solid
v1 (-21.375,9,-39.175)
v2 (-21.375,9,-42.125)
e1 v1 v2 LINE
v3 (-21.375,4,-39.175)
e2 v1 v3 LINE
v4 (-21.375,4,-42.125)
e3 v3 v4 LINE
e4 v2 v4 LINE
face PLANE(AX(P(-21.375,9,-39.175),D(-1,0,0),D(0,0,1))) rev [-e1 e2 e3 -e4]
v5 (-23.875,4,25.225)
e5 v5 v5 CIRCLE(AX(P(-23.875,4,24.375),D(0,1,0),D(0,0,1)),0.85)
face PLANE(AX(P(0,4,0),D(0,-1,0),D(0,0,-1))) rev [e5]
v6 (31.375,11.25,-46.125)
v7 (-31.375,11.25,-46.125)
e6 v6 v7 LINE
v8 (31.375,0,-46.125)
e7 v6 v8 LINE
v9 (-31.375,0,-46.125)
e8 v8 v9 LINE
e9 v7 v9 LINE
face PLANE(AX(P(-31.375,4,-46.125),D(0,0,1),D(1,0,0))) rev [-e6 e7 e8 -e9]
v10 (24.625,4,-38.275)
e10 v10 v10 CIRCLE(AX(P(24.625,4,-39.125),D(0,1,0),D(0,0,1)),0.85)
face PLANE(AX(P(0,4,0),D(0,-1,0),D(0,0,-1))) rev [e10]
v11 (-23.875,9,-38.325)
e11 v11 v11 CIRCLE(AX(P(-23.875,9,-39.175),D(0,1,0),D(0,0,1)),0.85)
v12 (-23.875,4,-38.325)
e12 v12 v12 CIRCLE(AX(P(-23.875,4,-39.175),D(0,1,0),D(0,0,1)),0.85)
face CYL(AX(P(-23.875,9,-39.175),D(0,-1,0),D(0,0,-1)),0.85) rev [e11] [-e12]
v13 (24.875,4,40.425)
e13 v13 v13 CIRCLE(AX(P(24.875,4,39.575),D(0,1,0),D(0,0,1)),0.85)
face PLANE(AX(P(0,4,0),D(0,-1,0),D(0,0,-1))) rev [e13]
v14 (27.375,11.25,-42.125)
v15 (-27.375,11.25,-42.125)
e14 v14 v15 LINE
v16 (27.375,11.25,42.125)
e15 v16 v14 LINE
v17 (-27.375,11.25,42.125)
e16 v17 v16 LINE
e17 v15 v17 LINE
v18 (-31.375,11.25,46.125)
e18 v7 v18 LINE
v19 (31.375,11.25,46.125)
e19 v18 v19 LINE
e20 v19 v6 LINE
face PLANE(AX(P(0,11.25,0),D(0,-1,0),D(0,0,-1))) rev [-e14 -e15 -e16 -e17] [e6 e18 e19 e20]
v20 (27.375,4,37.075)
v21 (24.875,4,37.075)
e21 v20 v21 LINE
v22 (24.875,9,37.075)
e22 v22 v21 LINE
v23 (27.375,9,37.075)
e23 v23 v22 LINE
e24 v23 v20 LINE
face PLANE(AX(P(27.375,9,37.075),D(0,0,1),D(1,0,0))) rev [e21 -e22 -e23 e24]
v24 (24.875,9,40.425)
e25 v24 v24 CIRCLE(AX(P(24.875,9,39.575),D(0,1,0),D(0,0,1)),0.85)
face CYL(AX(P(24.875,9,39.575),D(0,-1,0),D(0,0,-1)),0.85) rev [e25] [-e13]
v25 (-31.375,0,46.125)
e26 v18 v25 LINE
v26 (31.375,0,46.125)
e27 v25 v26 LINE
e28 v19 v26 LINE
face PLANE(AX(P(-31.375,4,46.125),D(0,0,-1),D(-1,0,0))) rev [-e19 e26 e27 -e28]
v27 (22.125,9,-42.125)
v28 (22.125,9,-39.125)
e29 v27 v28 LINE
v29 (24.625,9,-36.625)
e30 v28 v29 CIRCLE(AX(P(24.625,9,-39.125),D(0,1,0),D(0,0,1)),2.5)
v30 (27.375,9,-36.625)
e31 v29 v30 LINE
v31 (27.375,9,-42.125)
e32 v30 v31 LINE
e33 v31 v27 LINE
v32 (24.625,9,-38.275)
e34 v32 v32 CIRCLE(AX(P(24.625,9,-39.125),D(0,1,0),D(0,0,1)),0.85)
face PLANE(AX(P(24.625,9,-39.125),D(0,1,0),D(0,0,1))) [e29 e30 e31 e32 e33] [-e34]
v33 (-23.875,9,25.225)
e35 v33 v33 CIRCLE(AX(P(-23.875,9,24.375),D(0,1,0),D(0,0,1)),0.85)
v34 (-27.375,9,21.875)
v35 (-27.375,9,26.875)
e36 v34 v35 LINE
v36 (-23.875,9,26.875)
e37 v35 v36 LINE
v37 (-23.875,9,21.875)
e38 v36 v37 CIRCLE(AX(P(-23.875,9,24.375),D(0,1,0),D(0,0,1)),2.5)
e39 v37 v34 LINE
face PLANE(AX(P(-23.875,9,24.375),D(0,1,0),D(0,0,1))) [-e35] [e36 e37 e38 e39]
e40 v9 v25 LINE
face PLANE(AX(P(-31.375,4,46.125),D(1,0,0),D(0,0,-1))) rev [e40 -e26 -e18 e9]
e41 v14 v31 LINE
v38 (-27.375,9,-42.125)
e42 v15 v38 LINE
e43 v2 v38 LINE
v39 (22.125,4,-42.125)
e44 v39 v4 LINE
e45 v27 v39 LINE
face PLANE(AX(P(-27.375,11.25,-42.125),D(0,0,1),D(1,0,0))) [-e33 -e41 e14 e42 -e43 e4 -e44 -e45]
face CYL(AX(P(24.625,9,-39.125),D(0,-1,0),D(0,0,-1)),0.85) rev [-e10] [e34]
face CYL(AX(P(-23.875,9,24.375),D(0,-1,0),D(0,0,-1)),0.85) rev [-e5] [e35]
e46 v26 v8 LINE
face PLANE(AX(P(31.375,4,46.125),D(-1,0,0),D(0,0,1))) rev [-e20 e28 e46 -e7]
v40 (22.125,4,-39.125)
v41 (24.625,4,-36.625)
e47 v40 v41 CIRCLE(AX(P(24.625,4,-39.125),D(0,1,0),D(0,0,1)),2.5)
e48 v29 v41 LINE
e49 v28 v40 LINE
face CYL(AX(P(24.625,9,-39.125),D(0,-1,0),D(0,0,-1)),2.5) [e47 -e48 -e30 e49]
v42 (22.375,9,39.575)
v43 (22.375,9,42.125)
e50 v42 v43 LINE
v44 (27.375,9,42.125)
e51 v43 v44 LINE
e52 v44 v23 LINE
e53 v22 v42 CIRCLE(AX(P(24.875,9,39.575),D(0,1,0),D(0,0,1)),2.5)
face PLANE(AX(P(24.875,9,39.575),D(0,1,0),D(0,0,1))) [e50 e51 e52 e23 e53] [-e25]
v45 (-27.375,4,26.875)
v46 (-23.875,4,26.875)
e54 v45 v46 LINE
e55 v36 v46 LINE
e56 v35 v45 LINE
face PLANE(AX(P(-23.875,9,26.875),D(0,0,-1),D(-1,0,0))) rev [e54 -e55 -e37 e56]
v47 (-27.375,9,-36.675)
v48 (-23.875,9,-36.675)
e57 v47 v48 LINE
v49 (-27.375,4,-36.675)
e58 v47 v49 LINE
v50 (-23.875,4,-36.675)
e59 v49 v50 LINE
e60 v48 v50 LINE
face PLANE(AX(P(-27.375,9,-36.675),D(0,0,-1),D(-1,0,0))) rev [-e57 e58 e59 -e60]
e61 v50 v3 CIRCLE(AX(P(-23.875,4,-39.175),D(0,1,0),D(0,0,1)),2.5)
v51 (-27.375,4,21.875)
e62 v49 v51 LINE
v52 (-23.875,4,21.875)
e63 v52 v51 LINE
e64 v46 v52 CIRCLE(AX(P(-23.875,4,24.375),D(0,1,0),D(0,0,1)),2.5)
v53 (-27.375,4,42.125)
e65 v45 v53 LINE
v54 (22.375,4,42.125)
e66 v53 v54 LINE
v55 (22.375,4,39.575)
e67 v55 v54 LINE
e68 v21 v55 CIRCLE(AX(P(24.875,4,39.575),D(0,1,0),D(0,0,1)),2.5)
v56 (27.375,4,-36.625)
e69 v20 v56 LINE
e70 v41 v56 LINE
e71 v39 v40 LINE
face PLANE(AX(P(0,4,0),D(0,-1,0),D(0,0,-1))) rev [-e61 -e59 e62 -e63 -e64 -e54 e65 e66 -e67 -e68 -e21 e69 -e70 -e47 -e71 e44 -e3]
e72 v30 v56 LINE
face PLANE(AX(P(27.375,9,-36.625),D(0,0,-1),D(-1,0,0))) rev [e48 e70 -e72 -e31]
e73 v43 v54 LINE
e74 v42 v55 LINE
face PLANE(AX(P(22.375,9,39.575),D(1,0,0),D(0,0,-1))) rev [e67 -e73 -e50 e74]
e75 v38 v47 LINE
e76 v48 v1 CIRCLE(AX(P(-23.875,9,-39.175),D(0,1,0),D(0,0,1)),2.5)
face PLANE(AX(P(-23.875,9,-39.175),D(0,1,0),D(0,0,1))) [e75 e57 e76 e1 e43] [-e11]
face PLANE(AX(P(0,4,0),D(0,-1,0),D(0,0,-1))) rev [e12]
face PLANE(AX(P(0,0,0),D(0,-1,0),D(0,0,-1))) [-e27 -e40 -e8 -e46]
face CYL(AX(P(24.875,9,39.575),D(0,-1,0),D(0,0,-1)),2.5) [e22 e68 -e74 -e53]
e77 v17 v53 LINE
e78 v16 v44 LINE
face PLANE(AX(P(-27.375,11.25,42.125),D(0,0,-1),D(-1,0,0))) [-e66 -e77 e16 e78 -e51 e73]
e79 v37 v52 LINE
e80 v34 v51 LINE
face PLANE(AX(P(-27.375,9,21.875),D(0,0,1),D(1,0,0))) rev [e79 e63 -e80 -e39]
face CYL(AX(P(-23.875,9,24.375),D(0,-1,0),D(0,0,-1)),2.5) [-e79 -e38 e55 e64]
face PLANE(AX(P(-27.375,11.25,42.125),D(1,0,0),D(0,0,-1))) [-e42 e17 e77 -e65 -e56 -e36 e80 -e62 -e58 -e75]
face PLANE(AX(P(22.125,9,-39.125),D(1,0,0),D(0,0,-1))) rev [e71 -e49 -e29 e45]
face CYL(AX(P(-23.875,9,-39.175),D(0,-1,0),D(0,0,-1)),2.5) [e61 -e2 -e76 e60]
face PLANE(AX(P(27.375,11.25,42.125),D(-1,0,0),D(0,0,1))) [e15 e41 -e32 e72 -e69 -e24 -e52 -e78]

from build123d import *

# Parameters (mm, degrees)
SKETCH1_W           = 62.75
SKETCH1_H           = 92.25
BOSS_EXTRUDE1_DEPTH = 4
SKETCH2_W           = 62.75
SKETCH2_H           = 92.25
SKETCH2_W_2         = 54.75
SKETCH2_H_2         = 84.25
BOSS_EXTRUDE2_DEPTH = 7.25
SKETCH3_R           = 0.85
BOSS_EXTRUDE3_DEPTH = 5


with BuildPart() as part:
    # Sketch1 → Boss-Extrude1 (new body)
    with BuildSketch(Plane(origin=(0, 0, 0), x_dir=(1, 0, 0), z_dir=(0, 1, 0))):
        Rectangle(SKETCH1_W, SKETCH1_H)
    extrude(amount=BOSS_EXTRUDE1_DEPTH)

    # Sketch2 → Boss-Extrude2 (add)
    with BuildSketch(Plane(origin=(0, 4, 0), x_dir=(1, 0, 0), z_dir=(0, 1, 0))):
        Rectangle(SKETCH2_W, SKETCH2_H)
        Rectangle(SKETCH2_W_2, SKETCH2_H_2, mode=Mode.SUBTRACT)
    extrude(amount=BOSS_EXTRUDE2_DEPTH)

    # Sketch3 → Boss-Extrude3 (add)
    with BuildSketch(Plane(origin=(0, 4, 0), x_dir=(1, 0, 0), z_dir=(0, 1, 0))):
        with BuildLine():
            Line((-21.375, 39.175), (-21.375, 42.125))
            Line((-21.375, 42.125), (-27.375, 42.125))
            Line((-27.375, 42.125), (-27.375, 36.675))
            Line((-27.375, 36.675), (-23.875, 36.675))
            ThreePointArc((-23.875, 36.675), (-22.107233047, 37.407233047), (-21.375, 39.175))
        make_face()
        with Locations((-23.875, 39.175)):
            Circle(SKETCH3_R, mode=Mode.SUBTRACT)
        with BuildLine():
            Line((22.125, 39.125), (22.125, 42.125))
            Line((22.125, 42.125), (27.375, 42.125))
            Line((27.375, 42.125), (27.375, 36.625))
            Line((27.375, 36.625), (24.625, 36.625))
            ThreePointArc((24.625, 36.625), (22.857233047, 37.357233047), (22.125, 39.125))
        make_face()
        with Locations((24.625, 39.125)):
            Circle(SKETCH3_R, mode=Mode.SUBTRACT)
        with BuildLine():
            Line((22.375, -39.575), (22.375, -42.125))
            Line((22.375, -42.125), (27.375, -42.125))
            Line((27.375, -42.125), (27.375, -37.075))
            Line((27.375, -37.075), (24.875, -37.075))
            ThreePointArc((24.875, -37.075), (23.107233047, -37.807233047), (22.375, -39.575))
        make_face()
        with Locations((24.875, -39.575)):
            Circle(SKETCH3_R, mode=Mode.SUBTRACT)
        with BuildLine():
            Line((-23.875, -26.875), (-27.375, -26.875))
            Line((-27.375, -26.875), (-27.375, -21.875))
            Line((-27.375, -21.875), (-23.875, -21.875))
            ThreePointArc((-23.875, -21.875), (-21.375, -24.375), (-23.875, -26.875))
        make_face()
        with Locations((-23.875, -24.375)):
            Circle(SKETCH3_R, mode=Mode.SUBTRACT)
    extrude(amount=BOSS_EXTRUDE3_DEPTH)


solid = part.part
